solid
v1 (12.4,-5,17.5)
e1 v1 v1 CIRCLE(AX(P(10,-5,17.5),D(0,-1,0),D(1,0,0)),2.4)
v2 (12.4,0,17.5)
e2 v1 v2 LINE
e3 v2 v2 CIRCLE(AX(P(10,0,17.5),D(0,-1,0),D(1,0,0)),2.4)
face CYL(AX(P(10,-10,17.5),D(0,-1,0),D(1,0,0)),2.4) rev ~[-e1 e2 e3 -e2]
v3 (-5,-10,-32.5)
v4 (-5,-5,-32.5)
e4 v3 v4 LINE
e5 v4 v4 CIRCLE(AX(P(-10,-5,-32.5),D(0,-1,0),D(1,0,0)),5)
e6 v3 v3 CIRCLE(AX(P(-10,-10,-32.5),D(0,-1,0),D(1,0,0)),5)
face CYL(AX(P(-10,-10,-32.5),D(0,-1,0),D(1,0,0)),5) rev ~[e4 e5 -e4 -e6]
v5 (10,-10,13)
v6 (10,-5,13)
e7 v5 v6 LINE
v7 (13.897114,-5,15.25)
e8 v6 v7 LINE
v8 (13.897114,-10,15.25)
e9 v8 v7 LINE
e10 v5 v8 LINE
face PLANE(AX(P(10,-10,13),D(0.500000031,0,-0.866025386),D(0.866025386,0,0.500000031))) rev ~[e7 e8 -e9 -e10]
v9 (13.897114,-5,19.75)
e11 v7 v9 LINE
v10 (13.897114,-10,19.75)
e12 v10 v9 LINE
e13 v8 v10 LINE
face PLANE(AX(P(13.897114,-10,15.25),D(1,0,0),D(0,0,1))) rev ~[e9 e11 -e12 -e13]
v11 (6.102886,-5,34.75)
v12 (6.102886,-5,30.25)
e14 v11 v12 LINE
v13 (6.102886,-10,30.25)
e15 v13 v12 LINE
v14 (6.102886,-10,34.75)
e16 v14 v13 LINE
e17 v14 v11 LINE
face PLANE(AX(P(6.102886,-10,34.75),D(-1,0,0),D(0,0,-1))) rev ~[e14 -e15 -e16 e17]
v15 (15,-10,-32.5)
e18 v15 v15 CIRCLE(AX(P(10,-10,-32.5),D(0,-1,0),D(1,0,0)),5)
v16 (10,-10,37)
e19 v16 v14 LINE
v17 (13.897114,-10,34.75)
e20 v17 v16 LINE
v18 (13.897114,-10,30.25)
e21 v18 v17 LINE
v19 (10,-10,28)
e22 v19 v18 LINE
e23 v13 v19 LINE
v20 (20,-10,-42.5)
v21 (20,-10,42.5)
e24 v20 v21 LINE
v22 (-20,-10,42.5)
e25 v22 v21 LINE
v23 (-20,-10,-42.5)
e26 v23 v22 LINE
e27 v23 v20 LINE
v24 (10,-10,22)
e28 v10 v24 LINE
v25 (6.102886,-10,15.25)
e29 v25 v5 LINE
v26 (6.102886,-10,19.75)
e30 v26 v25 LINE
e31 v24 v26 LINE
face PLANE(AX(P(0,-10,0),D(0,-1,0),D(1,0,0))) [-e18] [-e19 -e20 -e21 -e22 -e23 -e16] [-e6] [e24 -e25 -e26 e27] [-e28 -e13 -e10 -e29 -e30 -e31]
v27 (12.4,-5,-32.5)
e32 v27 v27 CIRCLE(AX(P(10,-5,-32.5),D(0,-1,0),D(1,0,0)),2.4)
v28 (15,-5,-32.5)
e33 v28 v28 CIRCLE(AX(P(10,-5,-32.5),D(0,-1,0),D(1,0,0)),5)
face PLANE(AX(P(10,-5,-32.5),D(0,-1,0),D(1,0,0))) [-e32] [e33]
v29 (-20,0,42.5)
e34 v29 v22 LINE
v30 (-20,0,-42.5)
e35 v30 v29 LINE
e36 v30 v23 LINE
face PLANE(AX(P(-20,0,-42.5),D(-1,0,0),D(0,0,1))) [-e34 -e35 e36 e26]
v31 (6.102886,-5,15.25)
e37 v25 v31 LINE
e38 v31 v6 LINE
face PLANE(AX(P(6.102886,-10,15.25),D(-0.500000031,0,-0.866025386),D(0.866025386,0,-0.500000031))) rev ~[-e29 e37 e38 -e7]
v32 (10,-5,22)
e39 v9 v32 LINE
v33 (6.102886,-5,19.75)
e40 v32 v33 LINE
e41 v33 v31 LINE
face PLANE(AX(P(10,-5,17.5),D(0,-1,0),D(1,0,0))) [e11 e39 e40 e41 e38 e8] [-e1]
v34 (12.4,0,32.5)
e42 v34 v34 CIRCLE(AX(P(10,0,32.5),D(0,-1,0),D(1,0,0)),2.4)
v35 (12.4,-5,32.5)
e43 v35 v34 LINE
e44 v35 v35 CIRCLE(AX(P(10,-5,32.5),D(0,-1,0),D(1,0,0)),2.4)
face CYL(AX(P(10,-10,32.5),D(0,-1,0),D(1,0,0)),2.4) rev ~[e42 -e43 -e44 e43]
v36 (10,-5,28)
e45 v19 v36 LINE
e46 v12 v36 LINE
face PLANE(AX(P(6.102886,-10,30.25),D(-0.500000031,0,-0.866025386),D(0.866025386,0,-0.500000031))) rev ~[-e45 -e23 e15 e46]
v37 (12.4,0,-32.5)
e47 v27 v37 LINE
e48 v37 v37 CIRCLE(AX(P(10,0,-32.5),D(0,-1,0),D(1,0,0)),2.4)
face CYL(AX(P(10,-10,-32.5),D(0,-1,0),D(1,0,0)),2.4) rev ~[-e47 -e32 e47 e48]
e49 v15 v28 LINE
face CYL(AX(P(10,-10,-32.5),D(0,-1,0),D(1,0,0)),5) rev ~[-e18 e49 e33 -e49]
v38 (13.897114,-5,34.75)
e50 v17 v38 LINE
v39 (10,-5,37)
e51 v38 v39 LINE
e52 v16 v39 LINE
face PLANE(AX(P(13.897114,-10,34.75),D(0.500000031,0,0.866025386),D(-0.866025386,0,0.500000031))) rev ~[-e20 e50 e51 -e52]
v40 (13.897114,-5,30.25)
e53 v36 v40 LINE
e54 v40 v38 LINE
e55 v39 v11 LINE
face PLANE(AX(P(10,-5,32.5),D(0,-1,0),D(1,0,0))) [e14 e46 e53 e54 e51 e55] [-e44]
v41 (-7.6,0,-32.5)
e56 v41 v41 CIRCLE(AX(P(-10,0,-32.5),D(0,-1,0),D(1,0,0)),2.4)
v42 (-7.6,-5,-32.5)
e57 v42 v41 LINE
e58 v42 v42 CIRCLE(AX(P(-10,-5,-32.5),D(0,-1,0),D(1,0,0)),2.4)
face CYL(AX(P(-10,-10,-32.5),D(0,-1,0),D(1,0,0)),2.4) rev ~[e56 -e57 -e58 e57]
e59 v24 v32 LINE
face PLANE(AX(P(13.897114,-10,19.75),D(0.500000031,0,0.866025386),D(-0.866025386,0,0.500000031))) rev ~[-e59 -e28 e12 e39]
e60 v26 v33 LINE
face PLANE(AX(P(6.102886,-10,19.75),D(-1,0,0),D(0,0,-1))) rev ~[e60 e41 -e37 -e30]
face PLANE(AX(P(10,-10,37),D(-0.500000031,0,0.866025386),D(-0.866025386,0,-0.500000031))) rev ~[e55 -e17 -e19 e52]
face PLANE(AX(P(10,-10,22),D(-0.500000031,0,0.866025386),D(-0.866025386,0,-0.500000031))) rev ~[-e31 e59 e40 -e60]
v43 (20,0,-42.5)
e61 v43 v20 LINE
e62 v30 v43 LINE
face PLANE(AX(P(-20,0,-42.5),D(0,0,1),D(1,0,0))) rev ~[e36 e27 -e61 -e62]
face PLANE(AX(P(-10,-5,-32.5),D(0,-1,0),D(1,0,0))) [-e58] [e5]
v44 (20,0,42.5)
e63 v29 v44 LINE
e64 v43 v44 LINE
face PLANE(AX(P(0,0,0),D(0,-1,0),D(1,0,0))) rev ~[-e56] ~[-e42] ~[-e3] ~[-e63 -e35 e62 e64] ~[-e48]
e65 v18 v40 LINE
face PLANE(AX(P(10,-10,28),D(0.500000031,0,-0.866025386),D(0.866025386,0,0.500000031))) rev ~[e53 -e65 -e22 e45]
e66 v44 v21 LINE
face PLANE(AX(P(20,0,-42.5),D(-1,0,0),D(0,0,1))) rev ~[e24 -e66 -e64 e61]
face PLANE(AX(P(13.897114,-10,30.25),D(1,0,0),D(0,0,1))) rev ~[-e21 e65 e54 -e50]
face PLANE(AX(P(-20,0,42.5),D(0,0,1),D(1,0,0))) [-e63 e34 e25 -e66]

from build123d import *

# Parameters (mm, degrees)
SKETCH_W        = 40
SKETCH_H        = 85
PAD_DEPTH       = 10
SKETCH001_R     = 2.4
POCKET_DEPTH    = 10
SKETCH002_R     = 5
POCKET001_DEPTH = 5


with BuildPart() as part:
    # Sketch → Pad (new body)
    with BuildSketch(Plane.XZ):
        Rectangle(SKETCH_W, SKETCH_H)
    extrude(amount=PAD_DEPTH)

    # Sketch001 (on Face6 of Pad) → Pocket (cut)
    with BuildSketch(Plane.XZ.offset(10)):
        with Locations((-10, -32.5)):
            Circle(SKETCH001_R)
        with Locations((10, -32.5)):
            Circle(SKETCH001_R)
        with Locations((10, 32.5)):
            Circle(SKETCH001_R)
        with Locations((10, 17.5)):
            Circle(SKETCH001_R)
    extrude(amount=-POCKET_DEPTH, mode=Mode.SUBTRACT)

    # Sketch002 (on Face5 of Pocket) → Pocket001 (cut)
    with BuildSketch(Plane.XZ.offset(10)):
        with Locations((-10, -32.5)):
            Circle(SKETCH002_R)
        with Locations((10, -32.5)):
            Circle(SKETCH002_R)
        Polygon((13.897114, 30.25), (13.897114, 34.75), (10, 37), (6.102886, 34.75), (6.102886, 30.25), (10, 28), align=None)
        Polygon((13.897114, 15.25), (13.897114, 19.75), (10, 22), (6.102886, 19.75), (6.102886, 15.25), (10, 13), align=None)
    extrude(amount=-POCKET001_DEPTH, mode=Mode.SUBTRACT)


solid = part.part
